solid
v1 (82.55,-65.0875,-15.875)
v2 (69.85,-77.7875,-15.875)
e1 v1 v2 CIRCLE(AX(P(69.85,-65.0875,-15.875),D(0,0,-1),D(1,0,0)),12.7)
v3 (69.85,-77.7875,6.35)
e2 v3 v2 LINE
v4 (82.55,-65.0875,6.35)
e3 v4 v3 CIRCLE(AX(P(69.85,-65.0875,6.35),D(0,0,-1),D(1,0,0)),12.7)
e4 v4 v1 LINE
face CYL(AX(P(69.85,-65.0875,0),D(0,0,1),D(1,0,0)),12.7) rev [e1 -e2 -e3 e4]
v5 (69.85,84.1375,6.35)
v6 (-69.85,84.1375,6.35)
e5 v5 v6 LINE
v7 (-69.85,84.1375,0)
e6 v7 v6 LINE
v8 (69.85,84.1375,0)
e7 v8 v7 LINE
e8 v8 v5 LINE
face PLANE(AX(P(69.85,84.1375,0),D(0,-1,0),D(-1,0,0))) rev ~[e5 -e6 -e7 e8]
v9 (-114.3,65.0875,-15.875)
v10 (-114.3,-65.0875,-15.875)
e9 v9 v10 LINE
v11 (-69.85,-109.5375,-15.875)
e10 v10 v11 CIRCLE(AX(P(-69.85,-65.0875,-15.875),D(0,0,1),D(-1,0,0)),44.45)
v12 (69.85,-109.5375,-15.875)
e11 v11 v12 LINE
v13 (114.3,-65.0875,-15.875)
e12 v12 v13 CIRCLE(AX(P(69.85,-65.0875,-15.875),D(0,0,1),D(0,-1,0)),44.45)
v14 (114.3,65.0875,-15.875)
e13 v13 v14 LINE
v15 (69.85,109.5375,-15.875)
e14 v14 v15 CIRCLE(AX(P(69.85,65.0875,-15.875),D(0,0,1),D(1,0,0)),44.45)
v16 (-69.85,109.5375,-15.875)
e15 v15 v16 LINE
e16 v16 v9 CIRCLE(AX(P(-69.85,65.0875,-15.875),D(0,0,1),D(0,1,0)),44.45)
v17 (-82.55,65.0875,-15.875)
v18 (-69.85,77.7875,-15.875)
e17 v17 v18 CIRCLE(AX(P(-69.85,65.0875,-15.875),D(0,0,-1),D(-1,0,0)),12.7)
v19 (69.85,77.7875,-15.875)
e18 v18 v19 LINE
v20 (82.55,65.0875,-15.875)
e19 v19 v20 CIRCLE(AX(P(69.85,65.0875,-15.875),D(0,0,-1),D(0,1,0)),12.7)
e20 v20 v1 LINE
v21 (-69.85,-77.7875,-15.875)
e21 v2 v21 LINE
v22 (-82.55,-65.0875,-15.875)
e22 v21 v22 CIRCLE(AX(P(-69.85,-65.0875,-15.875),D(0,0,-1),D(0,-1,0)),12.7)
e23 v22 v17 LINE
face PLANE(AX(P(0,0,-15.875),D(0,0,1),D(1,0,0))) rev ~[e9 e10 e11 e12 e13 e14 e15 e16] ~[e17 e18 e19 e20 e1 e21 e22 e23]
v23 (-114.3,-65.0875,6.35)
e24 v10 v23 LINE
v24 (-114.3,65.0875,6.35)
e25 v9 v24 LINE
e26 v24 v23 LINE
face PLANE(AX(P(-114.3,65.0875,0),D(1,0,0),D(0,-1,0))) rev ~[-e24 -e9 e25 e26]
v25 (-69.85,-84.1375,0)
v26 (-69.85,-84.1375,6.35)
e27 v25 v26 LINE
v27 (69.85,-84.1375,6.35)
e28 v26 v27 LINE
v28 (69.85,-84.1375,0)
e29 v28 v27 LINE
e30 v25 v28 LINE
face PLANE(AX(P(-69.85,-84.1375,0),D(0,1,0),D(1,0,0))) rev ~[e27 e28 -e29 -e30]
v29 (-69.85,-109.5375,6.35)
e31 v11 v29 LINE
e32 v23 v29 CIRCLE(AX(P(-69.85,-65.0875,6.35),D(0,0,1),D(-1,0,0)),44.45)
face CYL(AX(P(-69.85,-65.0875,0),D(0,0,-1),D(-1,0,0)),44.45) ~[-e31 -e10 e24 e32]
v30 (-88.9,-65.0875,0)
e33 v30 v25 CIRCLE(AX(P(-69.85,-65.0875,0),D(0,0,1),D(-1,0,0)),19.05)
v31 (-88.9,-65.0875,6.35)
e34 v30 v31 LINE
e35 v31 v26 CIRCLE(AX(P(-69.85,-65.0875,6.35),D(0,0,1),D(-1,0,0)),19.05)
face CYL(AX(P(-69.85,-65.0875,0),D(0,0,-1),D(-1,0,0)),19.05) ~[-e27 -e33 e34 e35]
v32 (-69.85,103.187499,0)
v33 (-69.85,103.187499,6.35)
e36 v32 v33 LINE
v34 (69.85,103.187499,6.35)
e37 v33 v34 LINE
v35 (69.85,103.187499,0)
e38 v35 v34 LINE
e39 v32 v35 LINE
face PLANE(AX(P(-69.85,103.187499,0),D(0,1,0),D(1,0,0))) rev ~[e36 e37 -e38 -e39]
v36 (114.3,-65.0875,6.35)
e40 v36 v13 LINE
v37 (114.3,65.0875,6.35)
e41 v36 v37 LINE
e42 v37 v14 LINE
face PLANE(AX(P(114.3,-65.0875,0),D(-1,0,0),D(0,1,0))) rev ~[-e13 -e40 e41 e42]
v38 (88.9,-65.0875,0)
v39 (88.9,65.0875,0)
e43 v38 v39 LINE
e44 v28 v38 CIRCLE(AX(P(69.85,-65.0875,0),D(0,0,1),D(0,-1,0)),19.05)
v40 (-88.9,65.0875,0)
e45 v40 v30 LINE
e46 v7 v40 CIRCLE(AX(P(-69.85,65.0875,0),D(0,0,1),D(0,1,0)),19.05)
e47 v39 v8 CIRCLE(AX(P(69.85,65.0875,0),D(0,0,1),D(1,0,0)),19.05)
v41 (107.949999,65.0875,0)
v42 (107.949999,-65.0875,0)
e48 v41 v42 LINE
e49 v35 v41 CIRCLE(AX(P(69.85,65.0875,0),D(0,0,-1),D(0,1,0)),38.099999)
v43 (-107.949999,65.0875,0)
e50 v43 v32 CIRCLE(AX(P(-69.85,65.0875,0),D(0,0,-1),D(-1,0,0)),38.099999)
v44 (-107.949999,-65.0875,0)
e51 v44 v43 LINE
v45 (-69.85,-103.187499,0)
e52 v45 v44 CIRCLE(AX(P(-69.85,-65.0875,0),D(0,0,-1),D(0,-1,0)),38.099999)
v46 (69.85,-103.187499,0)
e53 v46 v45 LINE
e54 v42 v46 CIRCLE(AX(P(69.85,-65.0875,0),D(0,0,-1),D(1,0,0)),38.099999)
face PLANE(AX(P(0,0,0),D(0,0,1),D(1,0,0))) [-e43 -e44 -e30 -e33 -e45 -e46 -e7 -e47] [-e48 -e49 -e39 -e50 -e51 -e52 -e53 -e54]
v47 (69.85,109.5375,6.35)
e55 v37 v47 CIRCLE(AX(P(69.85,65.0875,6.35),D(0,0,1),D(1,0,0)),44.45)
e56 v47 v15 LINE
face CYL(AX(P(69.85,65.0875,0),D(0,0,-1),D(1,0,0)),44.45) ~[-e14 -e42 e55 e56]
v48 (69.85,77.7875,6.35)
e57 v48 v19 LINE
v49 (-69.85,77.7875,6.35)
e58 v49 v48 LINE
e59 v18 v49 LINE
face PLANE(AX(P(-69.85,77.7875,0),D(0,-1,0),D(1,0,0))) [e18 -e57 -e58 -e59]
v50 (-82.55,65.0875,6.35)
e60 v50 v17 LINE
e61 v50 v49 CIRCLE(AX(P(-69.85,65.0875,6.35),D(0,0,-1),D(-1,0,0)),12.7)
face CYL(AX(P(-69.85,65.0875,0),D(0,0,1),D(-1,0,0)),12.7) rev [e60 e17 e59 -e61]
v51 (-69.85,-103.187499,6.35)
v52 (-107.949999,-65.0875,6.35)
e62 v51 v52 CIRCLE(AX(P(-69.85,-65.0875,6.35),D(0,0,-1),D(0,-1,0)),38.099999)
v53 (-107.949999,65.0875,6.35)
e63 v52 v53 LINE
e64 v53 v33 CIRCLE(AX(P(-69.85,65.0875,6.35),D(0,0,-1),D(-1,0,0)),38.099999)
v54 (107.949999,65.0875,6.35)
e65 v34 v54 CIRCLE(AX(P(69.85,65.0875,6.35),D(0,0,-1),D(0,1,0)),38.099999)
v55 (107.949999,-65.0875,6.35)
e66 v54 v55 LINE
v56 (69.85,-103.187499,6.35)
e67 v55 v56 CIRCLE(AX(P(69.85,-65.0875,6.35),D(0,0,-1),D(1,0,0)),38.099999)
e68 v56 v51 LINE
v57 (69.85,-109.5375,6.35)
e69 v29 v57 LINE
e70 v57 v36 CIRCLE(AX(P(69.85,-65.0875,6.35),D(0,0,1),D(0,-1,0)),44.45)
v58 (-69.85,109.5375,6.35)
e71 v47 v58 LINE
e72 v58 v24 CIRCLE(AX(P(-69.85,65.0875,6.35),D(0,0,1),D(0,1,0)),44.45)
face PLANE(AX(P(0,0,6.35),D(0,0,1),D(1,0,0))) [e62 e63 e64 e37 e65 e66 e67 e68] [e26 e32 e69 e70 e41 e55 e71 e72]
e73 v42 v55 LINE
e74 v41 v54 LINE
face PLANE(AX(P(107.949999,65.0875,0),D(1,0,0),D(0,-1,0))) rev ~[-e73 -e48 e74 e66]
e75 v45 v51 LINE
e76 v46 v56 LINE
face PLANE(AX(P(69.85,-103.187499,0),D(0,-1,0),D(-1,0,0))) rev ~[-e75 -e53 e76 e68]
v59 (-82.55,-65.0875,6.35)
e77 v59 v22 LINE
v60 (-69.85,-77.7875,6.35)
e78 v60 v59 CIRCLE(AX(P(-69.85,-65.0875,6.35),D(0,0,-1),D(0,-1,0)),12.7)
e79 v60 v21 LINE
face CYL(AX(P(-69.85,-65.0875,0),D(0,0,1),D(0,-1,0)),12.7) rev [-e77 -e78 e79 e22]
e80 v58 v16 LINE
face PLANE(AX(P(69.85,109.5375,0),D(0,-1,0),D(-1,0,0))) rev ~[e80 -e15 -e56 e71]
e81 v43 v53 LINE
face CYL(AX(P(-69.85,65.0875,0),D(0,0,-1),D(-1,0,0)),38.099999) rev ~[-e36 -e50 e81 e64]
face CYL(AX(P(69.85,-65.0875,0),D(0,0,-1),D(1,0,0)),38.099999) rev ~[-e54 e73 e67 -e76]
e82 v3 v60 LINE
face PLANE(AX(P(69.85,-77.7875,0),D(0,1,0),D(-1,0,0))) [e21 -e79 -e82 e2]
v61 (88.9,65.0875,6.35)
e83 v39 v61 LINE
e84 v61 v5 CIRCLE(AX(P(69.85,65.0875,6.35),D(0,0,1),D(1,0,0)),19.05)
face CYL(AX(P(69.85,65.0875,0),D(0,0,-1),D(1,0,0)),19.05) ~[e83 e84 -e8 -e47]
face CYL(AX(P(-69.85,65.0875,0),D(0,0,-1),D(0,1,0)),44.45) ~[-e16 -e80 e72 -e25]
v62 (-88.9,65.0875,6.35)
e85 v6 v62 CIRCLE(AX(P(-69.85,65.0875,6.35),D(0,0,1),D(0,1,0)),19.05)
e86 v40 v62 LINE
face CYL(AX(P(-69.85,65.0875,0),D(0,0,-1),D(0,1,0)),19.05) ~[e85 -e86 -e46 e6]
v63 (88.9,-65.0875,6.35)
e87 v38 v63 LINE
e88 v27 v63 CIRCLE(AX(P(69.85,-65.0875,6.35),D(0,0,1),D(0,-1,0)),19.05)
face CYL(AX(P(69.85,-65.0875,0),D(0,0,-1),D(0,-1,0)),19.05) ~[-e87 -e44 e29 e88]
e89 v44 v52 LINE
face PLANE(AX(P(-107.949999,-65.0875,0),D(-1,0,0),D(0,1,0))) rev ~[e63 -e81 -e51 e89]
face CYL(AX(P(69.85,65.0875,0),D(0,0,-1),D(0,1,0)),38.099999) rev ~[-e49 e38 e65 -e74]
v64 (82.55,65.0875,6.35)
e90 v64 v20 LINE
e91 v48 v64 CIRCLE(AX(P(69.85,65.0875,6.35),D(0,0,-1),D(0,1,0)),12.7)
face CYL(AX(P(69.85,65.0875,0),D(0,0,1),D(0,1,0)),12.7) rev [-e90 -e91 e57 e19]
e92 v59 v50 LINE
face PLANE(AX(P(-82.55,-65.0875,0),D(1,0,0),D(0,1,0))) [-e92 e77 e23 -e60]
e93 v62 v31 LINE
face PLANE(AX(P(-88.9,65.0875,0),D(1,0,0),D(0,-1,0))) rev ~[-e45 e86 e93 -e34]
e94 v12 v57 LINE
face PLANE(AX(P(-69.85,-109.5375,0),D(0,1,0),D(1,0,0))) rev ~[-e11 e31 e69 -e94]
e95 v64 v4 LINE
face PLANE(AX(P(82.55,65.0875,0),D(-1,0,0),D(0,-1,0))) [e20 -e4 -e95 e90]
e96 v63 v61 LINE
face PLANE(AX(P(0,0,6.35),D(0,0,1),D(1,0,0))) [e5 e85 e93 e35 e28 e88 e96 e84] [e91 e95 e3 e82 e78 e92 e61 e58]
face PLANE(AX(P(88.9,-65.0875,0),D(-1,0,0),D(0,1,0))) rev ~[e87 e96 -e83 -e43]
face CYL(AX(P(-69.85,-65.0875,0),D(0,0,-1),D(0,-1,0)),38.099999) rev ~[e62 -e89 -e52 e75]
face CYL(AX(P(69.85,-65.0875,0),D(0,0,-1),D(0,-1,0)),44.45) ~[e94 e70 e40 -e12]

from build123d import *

# Parameters (mm, degrees)
F1_DEPTH = 15.875
F2_DEPTH = 9.525
F3_DEPTH = 6.35


with BuildPart() as f1:
    # F0 (on Top) → F1 (new body)
    with BuildSketch(Plane.XY):
        with BuildLine():
            ThreePointArc((-69.85, 109.5375), (-101.2808964237, 96.5183964237), (-114.3, 65.0875))
            Line((-114.3, 65.0875), (-114.3, -65.0875))
            ThreePointArc((-114.3, -65.0875), (-101.2808964237, -96.5183964237), (-69.85, -109.5375))
            Line((-69.85, -109.5375), (69.85, -109.5375))
            ThreePointArc((69.85, -109.5375), (101.2808964237, -96.5183964237), (114.3, -65.0875))
            Line((114.3, -65.0875), (114.3, 65.0875))
            ThreePointArc((114.3, 65.0875), (101.2808964237, 96.5183964237), (69.85, 109.5375))
            Line((69.85, 109.5375), (-69.85, 109.5375))
        make_face()
        with BuildLine():
            Line((-69.85, 103.187499407), (69.85, 103.187499407))
            ThreePointArc((69.85, 103.187499407), (96.7907679439, 92.0282679439), (107.949999407, 65.0875))
            Line((107.949999407, 65.0875), (107.949999407, -65.0875))
            ThreePointArc((107.949999407, -65.0875), (96.7907679439, -92.0282679439), (69.85, -103.187499407))
            Line((69.85, -103.187499407), (-69.85, -103.187499407))
            ThreePointArc((-69.85, -103.187499407), (-96.7907679439, -92.0282679439), (-107.949999407, -65.0875))
            Line((-107.949999407, -65.0875), (-107.949999407, 65.0875))
            ThreePointArc((-107.949999407, 65.0875), (-96.7907679439, 92.0282679439), (-69.85, 103.187499407))
        make_face(mode=Mode.SUBTRACT)
        with BuildLine():
            ThreePointArc((107.949999407, 65.0875), (96.7907679439, 92.0282679439), (69.85, 103.187499407))
            Line((69.85, 103.187499407), (-69.85, 103.187499407))
            ThreePointArc((-69.85, 103.187499407), (-96.7907679439, 92.0282679439), (-107.949999407, 65.0875))
            Line((-107.949999407, 65.0875), (-107.949999407, -65.0875))
            ThreePointArc((-107.949999407, -65.0875), (-96.7907679439, -92.0282679439), (-69.85, -103.187499407))
            Line((-69.85, -103.187499407), (69.85, -103.187499407))
            ThreePointArc((69.85, -103.187499407), (96.7907679439, -92.0282679439), (107.949999407, -65.0875))
            Line((107.949999407, -65.0875), (107.949999407, 65.0875))
        make_face()
        with BuildLine():
            Line((-107.187999407, -65.0875), (-107.187999407, 65.0875))
            ThreePointArc((-107.187999407, 65.0875), (-96.2519525766, 91.4894525766), (-69.85, 102.425499407))
            Line((-69.85, 102.425499407), (69.85, 102.425499407))
            ThreePointArc((69.85, 102.425499407), (96.2519525766, 91.4894525766), (107.187999407, 65.0875))
            Line((107.187999407, 65.0875), (107.187999407, -65.0875))
            ThreePointArc((107.187999407, -65.0875), (96.2519525766, -91.4894525766), (69.85, -102.425499407))
            Line((69.85, -102.425499407), (-69.85, -102.425499407))
            ThreePointArc((-69.85, -102.425499407), (-96.2519525766, -91.4894525766), (-107.187999407, -65.0875))
        make_face(mode=Mode.SUBTRACT)
        with BuildLine():
            ThreePointArc((-69.85, 102.425499407), (-96.2519525766, 91.4894525766), (-107.187999407, 65.0875))
            Line((-107.187999407, 65.0875), (-107.187999407, -65.0875))
            ThreePointArc((-107.187999407, -65.0875), (-96.2519525766, -91.4894525766), (-69.85, -102.425499407))
            Line((-69.85, -102.425499407), (69.85, -102.425499407))
            ThreePointArc((69.85, -102.425499407), (96.2519525766, -91.4894525766), (107.187999407, -65.0875))
            Line((107.187999407, -65.0875), (107.187999407, 65.0875))
            ThreePointArc((107.187999407, 65.0875), (96.2519525766, 91.4894525766), (69.85, 102.425499407))
            Line((69.85, 102.425499407), (-69.85, 102.425499407))
        make_face()
        with BuildLine():
            Line((-89.662, -65.0875), (-89.662, 65.0875))
            ThreePointArc((-89.662, 65.0875), (-83.8591995489, 79.0966995489), (-69.85, 84.8995))
            Line((-69.85, 84.8995), (69.85, 84.8995))
            ThreePointArc((69.85, 84.8995), (83.8591995489, 79.0966995489), (89.662, 65.0875))
            Line((89.662, 65.0875), (89.662, -65.0875))
            ThreePointArc((89.662, -65.0875), (83.8591995489, -79.0966995489), (69.85, -84.8995))
            Line((69.85, -84.8995), (-69.85, -84.8995))
            ThreePointArc((-69.85, -84.8995), (-83.8591995489, -79.0966995489), (-89.662, -65.0875))
        make_face(mode=Mode.SUBTRACT)
        with BuildLine():
            ThreePointArc((-69.85, 84.8995), (-83.8591995489, 79.0966995489), (-89.662, 65.0875))
            Line((-89.662, 65.0875), (-89.662, -65.0875))
            ThreePointArc((-89.662, -65.0875), (-83.8591995489, -79.0966995489), (-69.85, -84.8995))
            Line((-69.85, -84.8995), (69.85, -84.8995))
            ThreePointArc((69.85, -84.8995), (83.8591995489, -79.0966995489), (89.662, -65.0875))
            Line((89.662, -65.0875), (89.662, 65.0875))
            ThreePointArc((89.662, 65.0875), (83.8591995489, 79.0966995489), (69.85, 84.8995))
            Line((69.85, 84.8995), (-69.85, 84.8995))
        make_face()
        with BuildLine():
            ThreePointArc((-88.9, 65.0875), (-83.3203841816, 78.5578841816), (-69.85, 84.1375))
            Line((-69.85, 84.1375), (69.85, 84.1375))
            ThreePointArc((69.85, 84.1375), (83.3203841816, 78.5578841816), (88.9, 65.0875))
            Line((88.9, 65.0875), (88.9, -65.0875))
            ThreePointArc((88.9, -65.0875), (83.3203841816, -78.5578841816), (69.85, -84.1375))
            Line((69.85, -84.1375), (-69.85, -84.1375))
            ThreePointArc((-69.85, -84.1375), (-83.3203841816, -78.5578841816), (-88.9, -65.0875))
            Line((-88.9, -65.0875), (-88.9, 65.0875))
        make_face(mode=Mode.SUBTRACT)
        with BuildLine():
            Line((69.85, 84.1375), (-69.85, 84.1375))
            ThreePointArc((-69.85, 84.1375), (-83.3203841816, 78.5578841816), (-88.9, 65.0875))
            Line((-88.9, 65.0875), (-88.9, -65.0875))
            ThreePointArc((-88.9, -65.0875), (-83.3203841816, -78.5578841816), (-69.85, -84.1375))
            Line((-69.85, -84.1375), (69.85, -84.1375))
            ThreePointArc((69.85, -84.1375), (83.3203841816, -78.5578841816), (88.9, -65.0875))
            Line((88.9, -65.0875), (88.9, 65.0875))
            ThreePointArc((88.9, 65.0875), (83.3203841816, 78.5578841816), (69.85, 84.1375))
        make_face()
        with BuildLine():
            Line((-69.85, 77.7875), (69.85, 77.7875))
            ThreePointArc((69.85, 77.7875), (78.8302561211, 74.0677561211), (82.55, 65.0875))
            Line((82.55, 65.0875), (82.55, -65.0875))
            ThreePointArc((82.55, -65.0875), (78.8302561211, -74.0677561211), (69.85, -77.7875))
            Line((69.85, -77.7875), (-69.85, -77.7875))
            ThreePointArc((-69.85, -77.7875), (-78.8302561211, -74.0677561211), (-82.55, -65.0875))
            Line((-82.55, -65.0875), (-82.55, 65.0875))
            ThreePointArc((-82.55, 65.0875), (-78.8302561211, 74.0677561211), (-69.85, 77.7875))
        make_face(mode=Mode.SUBTRACT)
    extrude(amount=-F1_DEPTH)

    # F0 (on Top) → F2 (cut)
    with BuildSketch(Plane.XY):
        with BuildLine():
            ThreePointArc((107.949999407, 65.0875), (96.7907679439, 92.0282679439), (69.85, 103.187499407))
            Line((69.85, 103.187499407), (-69.85, 103.187499407))
            ThreePointArc((-69.85, 103.187499407), (-96.7907679439, 92.0282679439), (-107.949999407, 65.0875))
            Line((-107.949999407, 65.0875), (-107.949999407, -65.0875))
            ThreePointArc((-107.949999407, -65.0875), (-96.7907679439, -92.0282679439), (-69.85, -103.187499407))
            Line((-69.85, -103.187499407), (69.85, -103.187499407))
            ThreePointArc((69.85, -103.187499407), (96.7907679439, -92.0282679439), (107.949999407, -65.0875))
            Line((107.949999407, -65.0875), (107.949999407, 65.0875))
        make_face()
        with BuildLine():
            Line((-107.187999407, -65.0875), (-107.187999407, 65.0875))
            ThreePointArc((-107.187999407, 65.0875), (-96.2519525766, 91.4894525766), (-69.85, 102.425499407))
            Line((-69.85, 102.425499407), (69.85, 102.425499407))
            ThreePointArc((69.85, 102.425499407), (96.2519525766, 91.4894525766), (107.187999407, 65.0875))
            Line((107.187999407, 65.0875), (107.187999407, -65.0875))
            ThreePointArc((107.187999407, -65.0875), (96.2519525766, -91.4894525766), (69.85, -102.425499407))
            Line((69.85, -102.425499407), (-69.85, -102.425499407))
            ThreePointArc((-69.85, -102.425499407), (-96.2519525766, -91.4894525766), (-107.187999407, -65.0875))
        make_face(mode=Mode.SUBTRACT)
        with BuildLine():
            ThreePointArc((-69.85, 102.425499407), (-96.2519525766, 91.4894525766), (-107.187999407, 65.0875))
            Line((-107.187999407, 65.0875), (-107.187999407, -65.0875))
            ThreePointArc((-107.187999407, -65.0875), (-96.2519525766, -91.4894525766), (-69.85, -102.425499407))
            Line((-69.85, -102.425499407), (69.85, -102.425499407))
            ThreePointArc((69.85, -102.425499407), (96.2519525766, -91.4894525766), (107.187999407, -65.0875))
            Line((107.187999407, -65.0875), (107.187999407, 65.0875))
            ThreePointArc((107.187999407, 65.0875), (96.2519525766, 91.4894525766), (69.85, 102.425499407))
            Line((69.85, 102.425499407), (-69.85, 102.425499407))
        make_face()
        with BuildLine():
            Line((-89.662, -65.0875), (-89.662, 65.0875))
            ThreePointArc((-89.662, 65.0875), (-83.8591995489, 79.0966995489), (-69.85, 84.8995))
            Line((-69.85, 84.8995), (69.85, 84.8995))
            ThreePointArc((69.85, 84.8995), (83.8591995489, 79.0966995489), (89.662, 65.0875))
            Line((89.662, 65.0875), (89.662, -65.0875))
            ThreePointArc((89.662, -65.0875), (83.8591995489, -79.0966995489), (69.85, -84.8995))
            Line((69.85, -84.8995), (-69.85, -84.8995))
            ThreePointArc((-69.85, -84.8995), (-83.8591995489, -79.0966995489), (-89.662, -65.0875))
        make_face(mode=Mode.SUBTRACT)
    extrude(amount=F2_DEPTH, mode=Mode.SUBTRACT)

    # F0 (on Top) → F3 (join)
    with BuildSketch(Plane.XY):
        with BuildLine():
            ThreePointArc((-69.85, 109.5375), (-101.2808964237, 96.5183964237), (-114.3, 65.0875))
            Line((-114.3, 65.0875), (-114.3, -65.0875))
            ThreePointArc((-114.3, -65.0875), (-101.2808964237, -96.5183964237), (-69.85, -109.5375))
            Line((-69.85, -109.5375), (69.85, -109.5375))
            ThreePointArc((69.85, -109.5375), (101.2808964237, -96.5183964237), (114.3, -65.0875))
            Line((114.3, -65.0875), (114.3, 65.0875))
            ThreePointArc((114.3, 65.0875), (101.2808964237, 96.5183964237), (69.85, 109.5375))
            Line((69.85, 109.5375), (-69.85, 109.5375))
        make_face()
        with BuildLine():
            Line((-69.85, 103.187499407), (69.85, 103.187499407))
            ThreePointArc((69.85, 103.187499407), (96.7907679439, 92.0282679439), (107.949999407, 65.0875))
            Line((107.949999407, 65.0875), (107.949999407, -65.0875))
            ThreePointArc((107.949999407, -65.0875), (96.7907679439, -92.0282679439), (69.85, -103.187499407))
            Line((69.85, -103.187499407), (-69.85, -103.187499407))
            ThreePointArc((-69.85, -103.187499407), (-96.7907679439, -92.0282679439), (-107.949999407, -65.0875))
            Line((-107.949999407, -65.0875), (-107.949999407, 65.0875))
            ThreePointArc((-107.949999407, 65.0875), (-96.7907679439, 92.0282679439), (-69.85, 103.187499407))
        make_face(mode=Mode.SUBTRACT)
        with BuildLine():
            Line((69.85, 84.1375), (-69.85, 84.1375))
            ThreePointArc((-69.85, 84.1375), (-83.3203841816, 78.5578841816), (-88.9, 65.0875))
            Line((-88.9, 65.0875), (-88.9, -65.0875))
            ThreePointArc((-88.9, -65.0875), (-83.3203841816, -78.5578841816), (-69.85, -84.1375))
            Line((-69.85, -84.1375), (69.85, -84.1375))
            ThreePointArc((69.85, -84.1375), (83.3203841816, -78.5578841816), (88.9, -65.0875))
            Line((88.9, -65.0875), (88.9, 65.0875))
            ThreePointArc((88.9, 65.0875), (83.3203841816, 78.5578841816), (69.85, 84.1375))
        make_face()
        with BuildLine():
            Line((-69.85, 77.7875), (69.85, 77.7875))
            ThreePointArc((69.85, 77.7875), (78.8302561211, 74.0677561211), (82.55, 65.0875))
            Line((82.55, 65.0875), (82.55, -65.0875))
            ThreePointArc((82.55, -65.0875), (78.8302561211, -74.0677561211), (69.85, -77.7875))
            Line((69.85, -77.7875), (-69.85, -77.7875))
            ThreePointArc((-69.85, -77.7875), (-78.8302561211, -74.0677561211), (-82.55, -65.0875))
            Line((-82.55, -65.0875), (-82.55, 65.0875))
            ThreePointArc((-82.55, 65.0875), (-78.8302561211, 74.0677561211), (-69.85, 77.7875))
        make_face(mode=Mode.SUBTRACT)
    extrude(amount=F3_DEPTH)


solid = f1.part
